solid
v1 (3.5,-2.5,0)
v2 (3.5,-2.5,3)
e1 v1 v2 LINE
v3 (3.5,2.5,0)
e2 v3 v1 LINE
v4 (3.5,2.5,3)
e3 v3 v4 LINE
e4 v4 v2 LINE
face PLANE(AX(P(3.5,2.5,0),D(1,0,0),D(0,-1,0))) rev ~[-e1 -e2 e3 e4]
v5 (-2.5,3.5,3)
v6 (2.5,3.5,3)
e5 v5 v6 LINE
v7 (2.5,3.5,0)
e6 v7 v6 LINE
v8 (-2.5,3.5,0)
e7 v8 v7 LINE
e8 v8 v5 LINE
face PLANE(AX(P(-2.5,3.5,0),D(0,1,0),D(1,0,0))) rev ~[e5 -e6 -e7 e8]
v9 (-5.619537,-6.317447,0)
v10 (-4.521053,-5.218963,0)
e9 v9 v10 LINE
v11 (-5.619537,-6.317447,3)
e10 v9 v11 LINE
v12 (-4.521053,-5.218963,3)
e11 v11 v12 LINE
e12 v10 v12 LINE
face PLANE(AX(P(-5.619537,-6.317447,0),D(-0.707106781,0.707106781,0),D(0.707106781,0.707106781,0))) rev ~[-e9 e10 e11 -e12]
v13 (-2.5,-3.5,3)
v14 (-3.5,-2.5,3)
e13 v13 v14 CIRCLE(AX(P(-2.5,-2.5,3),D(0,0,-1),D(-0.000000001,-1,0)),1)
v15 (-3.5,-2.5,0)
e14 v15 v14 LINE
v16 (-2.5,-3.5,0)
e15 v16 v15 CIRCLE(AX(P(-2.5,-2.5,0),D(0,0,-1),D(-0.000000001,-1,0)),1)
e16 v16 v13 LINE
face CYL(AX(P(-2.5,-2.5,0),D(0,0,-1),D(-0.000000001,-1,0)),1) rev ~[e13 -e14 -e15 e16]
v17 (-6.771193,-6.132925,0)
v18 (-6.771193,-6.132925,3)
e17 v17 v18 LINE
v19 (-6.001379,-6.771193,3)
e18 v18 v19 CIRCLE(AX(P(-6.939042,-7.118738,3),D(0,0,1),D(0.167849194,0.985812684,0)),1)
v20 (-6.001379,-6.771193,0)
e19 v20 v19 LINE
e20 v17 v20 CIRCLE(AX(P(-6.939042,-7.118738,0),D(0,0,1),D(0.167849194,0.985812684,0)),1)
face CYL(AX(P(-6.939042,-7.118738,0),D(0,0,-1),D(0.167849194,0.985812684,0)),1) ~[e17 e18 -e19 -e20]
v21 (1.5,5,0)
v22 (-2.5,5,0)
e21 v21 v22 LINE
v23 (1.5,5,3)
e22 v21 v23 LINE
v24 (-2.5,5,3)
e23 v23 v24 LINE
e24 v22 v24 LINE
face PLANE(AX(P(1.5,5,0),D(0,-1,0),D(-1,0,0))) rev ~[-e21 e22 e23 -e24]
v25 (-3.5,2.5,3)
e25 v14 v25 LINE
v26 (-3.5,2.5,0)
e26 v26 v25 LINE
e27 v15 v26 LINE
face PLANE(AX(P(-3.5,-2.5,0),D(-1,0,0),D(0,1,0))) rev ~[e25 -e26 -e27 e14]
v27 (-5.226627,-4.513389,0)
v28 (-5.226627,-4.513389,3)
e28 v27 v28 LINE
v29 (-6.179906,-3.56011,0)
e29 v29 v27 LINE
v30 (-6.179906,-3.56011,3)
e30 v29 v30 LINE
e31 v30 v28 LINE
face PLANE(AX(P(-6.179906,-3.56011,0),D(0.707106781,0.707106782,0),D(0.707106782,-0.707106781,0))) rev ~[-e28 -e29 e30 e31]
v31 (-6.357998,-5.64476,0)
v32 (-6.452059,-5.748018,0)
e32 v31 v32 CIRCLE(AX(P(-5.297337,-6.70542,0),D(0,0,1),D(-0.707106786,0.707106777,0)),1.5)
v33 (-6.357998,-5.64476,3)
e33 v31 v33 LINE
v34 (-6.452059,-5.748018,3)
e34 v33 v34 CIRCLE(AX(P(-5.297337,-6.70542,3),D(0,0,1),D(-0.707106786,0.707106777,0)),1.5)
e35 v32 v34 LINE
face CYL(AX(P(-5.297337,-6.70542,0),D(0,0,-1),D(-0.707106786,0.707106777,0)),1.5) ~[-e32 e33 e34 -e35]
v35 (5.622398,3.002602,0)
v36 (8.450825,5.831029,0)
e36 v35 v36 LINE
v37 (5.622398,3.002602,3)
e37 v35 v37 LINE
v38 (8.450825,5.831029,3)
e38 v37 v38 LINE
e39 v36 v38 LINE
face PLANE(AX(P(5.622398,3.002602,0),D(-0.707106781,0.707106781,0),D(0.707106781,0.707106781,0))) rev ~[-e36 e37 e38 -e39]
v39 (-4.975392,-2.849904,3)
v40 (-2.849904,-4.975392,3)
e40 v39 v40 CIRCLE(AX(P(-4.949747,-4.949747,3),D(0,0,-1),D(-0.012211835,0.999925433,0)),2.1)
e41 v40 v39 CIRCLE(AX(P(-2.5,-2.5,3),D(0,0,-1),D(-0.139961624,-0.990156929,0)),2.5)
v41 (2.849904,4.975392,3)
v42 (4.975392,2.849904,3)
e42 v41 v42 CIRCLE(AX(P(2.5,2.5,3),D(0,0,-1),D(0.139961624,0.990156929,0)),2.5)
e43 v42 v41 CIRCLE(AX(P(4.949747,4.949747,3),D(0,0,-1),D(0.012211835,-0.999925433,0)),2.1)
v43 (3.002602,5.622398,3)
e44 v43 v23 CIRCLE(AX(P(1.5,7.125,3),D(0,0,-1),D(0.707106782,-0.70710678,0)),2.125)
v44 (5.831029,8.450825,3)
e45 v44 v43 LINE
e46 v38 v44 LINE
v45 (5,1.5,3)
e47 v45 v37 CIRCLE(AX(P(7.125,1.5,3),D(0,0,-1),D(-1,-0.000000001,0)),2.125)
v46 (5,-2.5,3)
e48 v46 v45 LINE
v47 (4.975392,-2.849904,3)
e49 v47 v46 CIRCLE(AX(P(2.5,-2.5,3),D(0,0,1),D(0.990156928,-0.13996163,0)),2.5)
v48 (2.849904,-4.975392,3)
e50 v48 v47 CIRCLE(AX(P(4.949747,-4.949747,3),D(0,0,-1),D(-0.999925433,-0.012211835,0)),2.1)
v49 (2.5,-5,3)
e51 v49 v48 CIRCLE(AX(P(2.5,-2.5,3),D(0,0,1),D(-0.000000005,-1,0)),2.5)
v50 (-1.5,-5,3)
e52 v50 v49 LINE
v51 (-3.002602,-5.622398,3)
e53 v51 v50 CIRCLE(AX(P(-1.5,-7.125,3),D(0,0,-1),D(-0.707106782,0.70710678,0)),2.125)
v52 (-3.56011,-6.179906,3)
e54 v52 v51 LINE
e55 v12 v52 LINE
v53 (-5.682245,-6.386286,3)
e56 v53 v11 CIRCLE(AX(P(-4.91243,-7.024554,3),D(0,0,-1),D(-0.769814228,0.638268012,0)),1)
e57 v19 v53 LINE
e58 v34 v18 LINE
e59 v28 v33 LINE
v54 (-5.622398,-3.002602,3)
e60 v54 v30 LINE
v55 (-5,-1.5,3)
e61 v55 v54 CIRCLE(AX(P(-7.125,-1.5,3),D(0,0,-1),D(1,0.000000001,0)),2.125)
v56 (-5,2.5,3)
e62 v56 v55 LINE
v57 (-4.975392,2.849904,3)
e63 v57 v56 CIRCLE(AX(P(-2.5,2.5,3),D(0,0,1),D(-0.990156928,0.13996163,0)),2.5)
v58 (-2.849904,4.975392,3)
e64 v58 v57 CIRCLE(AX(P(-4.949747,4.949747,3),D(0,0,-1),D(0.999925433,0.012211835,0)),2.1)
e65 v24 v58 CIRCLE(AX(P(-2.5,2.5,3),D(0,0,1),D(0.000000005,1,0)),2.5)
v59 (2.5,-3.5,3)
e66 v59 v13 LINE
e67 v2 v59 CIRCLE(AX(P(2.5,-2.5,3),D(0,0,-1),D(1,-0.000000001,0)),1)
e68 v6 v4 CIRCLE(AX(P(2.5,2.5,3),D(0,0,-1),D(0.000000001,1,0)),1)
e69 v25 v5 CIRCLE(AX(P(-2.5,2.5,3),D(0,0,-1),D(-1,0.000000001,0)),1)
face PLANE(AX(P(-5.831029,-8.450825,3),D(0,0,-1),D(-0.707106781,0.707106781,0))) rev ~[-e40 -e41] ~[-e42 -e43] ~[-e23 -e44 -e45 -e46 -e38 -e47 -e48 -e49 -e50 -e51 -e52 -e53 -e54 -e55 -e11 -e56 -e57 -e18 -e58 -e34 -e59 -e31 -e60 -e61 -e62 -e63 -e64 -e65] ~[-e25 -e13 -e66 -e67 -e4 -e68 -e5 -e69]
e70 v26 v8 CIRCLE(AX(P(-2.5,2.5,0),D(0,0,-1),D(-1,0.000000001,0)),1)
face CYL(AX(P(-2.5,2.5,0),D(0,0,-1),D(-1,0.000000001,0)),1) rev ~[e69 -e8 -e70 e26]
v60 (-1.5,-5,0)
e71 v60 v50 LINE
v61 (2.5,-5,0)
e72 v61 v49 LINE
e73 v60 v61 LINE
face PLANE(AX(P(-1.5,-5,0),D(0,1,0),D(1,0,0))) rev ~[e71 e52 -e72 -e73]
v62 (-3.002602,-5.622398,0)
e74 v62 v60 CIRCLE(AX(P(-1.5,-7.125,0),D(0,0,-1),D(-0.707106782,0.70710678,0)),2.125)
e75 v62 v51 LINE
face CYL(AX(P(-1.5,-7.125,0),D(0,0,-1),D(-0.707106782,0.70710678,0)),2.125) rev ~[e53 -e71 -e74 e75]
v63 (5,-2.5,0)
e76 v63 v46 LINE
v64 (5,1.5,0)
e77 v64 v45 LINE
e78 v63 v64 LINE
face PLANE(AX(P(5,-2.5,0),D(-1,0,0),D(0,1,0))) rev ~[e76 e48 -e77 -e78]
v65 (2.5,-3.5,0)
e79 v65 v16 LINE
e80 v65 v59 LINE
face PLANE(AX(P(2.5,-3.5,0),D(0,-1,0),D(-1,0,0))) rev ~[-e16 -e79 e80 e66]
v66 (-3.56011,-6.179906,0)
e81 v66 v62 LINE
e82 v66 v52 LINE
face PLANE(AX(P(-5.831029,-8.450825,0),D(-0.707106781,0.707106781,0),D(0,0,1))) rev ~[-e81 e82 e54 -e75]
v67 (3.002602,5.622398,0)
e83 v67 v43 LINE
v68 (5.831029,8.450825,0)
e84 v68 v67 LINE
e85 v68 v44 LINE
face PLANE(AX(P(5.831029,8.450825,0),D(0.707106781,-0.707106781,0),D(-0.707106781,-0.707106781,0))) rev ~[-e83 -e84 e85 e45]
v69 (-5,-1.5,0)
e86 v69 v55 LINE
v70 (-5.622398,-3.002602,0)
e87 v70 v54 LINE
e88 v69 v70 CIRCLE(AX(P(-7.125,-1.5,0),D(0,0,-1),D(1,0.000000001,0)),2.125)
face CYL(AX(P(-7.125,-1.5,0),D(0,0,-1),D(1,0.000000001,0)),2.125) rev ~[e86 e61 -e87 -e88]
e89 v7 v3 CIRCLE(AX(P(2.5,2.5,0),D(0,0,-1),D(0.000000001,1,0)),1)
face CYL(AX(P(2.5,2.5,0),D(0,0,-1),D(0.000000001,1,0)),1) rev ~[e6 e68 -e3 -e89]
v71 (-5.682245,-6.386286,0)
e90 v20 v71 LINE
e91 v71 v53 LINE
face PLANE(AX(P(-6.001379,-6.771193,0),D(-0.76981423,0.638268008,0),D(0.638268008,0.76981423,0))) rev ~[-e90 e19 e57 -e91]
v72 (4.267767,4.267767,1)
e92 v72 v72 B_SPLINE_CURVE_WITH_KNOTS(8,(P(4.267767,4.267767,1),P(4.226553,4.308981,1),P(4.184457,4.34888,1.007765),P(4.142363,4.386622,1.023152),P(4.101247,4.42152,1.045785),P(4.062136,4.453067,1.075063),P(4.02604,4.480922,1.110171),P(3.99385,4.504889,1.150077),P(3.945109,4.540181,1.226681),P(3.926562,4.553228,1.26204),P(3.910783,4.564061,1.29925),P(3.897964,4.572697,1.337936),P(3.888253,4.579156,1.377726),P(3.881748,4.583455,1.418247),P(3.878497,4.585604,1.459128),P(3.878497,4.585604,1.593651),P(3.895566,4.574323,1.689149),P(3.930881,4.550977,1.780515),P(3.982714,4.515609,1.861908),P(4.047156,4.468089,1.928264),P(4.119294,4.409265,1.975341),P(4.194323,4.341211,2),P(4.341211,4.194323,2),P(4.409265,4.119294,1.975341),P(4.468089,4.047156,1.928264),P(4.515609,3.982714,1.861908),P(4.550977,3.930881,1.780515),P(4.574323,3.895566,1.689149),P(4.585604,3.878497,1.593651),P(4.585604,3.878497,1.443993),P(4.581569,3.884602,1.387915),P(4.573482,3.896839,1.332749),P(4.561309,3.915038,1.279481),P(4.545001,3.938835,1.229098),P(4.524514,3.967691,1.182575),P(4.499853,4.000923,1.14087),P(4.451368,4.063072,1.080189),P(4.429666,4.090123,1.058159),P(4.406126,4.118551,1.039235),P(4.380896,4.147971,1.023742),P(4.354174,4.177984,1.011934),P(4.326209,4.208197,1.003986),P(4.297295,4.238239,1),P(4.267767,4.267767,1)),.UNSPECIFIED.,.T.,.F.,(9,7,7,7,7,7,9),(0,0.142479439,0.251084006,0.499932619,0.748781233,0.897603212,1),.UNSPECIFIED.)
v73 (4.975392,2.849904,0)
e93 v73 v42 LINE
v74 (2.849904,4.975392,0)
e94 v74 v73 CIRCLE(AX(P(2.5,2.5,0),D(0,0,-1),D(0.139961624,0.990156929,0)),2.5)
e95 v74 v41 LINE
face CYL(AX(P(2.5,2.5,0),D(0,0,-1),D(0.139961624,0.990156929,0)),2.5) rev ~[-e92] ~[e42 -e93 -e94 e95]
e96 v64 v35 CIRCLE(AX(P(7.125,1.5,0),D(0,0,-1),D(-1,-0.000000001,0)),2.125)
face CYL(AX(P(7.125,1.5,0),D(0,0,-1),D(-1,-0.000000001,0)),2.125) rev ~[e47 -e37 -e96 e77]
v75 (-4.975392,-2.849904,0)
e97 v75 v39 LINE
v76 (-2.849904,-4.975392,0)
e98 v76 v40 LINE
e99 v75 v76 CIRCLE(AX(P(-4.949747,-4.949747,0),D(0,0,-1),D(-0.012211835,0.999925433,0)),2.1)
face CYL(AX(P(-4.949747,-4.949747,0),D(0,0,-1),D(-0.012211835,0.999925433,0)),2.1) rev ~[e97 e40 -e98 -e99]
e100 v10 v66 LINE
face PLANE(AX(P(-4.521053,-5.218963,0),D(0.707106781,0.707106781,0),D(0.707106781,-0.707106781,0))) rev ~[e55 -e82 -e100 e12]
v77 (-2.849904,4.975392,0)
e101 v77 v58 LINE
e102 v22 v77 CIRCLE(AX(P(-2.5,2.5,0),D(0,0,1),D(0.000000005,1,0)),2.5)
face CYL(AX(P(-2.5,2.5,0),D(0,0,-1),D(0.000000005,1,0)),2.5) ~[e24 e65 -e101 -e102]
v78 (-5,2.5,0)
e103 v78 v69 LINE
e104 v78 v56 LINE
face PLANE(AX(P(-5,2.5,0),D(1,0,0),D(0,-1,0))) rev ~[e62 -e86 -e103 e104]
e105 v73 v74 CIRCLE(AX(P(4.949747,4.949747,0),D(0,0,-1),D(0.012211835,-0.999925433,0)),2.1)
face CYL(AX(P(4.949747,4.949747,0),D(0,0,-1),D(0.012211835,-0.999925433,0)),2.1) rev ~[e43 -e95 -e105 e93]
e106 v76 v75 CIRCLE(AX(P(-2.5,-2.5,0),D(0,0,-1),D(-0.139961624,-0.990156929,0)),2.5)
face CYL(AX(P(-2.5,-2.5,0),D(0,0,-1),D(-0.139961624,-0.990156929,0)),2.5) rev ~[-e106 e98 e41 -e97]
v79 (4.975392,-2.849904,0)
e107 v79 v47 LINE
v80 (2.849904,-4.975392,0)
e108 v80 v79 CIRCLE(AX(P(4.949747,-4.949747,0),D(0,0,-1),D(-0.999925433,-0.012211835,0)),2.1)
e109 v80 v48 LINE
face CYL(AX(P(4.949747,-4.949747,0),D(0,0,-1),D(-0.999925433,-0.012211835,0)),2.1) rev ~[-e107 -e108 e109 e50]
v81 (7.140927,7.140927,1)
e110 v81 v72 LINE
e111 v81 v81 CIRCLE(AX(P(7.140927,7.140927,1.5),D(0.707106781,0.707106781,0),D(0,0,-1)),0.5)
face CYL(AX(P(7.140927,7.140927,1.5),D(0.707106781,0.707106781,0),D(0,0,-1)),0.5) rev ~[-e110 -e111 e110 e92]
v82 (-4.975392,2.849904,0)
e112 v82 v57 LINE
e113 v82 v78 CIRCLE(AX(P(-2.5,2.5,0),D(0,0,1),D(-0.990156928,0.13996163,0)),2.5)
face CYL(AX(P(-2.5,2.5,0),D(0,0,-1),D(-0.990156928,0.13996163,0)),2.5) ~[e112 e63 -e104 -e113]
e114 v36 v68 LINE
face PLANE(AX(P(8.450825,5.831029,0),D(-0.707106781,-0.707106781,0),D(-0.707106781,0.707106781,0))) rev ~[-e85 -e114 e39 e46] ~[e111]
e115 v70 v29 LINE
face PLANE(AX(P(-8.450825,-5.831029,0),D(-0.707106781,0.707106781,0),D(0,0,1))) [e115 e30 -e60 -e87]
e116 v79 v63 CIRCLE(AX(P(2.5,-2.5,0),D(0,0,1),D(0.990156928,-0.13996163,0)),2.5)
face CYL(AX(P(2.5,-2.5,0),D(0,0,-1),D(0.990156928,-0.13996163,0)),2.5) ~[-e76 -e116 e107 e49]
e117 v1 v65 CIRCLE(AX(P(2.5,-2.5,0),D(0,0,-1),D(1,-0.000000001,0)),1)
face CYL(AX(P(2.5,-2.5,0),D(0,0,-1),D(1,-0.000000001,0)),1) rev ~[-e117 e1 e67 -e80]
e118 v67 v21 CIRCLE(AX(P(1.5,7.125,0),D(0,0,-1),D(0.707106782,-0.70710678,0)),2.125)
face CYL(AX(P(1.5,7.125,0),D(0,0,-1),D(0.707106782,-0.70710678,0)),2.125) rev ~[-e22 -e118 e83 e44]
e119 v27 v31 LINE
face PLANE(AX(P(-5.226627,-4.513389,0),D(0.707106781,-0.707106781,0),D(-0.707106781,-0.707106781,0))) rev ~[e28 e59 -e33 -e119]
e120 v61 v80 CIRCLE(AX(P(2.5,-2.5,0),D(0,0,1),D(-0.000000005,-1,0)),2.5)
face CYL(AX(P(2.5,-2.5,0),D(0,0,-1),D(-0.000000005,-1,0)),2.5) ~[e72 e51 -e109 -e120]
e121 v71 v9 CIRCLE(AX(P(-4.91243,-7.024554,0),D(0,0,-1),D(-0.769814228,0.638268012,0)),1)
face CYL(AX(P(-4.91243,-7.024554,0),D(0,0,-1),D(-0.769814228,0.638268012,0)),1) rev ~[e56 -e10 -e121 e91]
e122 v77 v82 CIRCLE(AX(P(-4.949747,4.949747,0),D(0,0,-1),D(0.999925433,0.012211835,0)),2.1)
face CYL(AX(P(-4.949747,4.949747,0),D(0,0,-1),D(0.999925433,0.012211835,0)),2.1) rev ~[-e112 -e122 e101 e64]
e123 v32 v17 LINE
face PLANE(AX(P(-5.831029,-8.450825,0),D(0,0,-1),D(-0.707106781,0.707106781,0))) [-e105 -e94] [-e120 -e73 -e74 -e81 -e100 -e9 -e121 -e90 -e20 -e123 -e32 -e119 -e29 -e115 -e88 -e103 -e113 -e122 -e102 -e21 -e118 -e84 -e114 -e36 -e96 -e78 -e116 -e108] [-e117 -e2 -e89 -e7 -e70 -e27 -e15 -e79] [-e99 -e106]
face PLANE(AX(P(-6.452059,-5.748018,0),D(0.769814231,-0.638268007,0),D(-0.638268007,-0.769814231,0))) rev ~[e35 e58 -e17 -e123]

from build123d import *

# Parameters (mm, degrees)
EXTRUDE_1_DEPTH     = 3
SKETCH_4_W          = 3
SKETCH_4_H          = 3.704951288
EXTRUDE_3_DEPTH     = 1
CUT_EXTRUDE_2_REACH = 25.244
SKETCH_6_R          = 0.5
CUT_EXTRUDE_3_DEPTH = 3


with BuildPart() as part:
    # 草图1 → 凸台-拉伸1 (new body)
    with BuildSketch(Plane.XY):
        with BuildLine():
            ThreePointArc((-4.975392322, 2.84990406), (-4.993840493, 2.675384142), (-5, 2.5))
            Line((-5, 2.5), (-5, -1.5))
            ThreePointArc((-5, -1.5), (-5.161755993, -2.313202294), (-5.62239809, -3.00260191))
            Line((-5.62239809, -3.00260191), (-8.450825215, -5.831029035))
            Line((-8.450825215, -5.831029035), (-5.831029035, -8.450825215))
            Line((-5.831029035, -8.450825215), (-3.00260191, -5.62239809))
            ThreePointArc((-3.00260191, -5.62239809), (-2.313202294, -5.161755993), (-1.5, -5))
            Line((-1.5, -5), (2.5, -5))
            ThreePointArc((2.5, -5), (2.675384142, -4.993840493), (2.84990406, -4.975392322))
            ThreePointArc((2.84990406, -4.975392322), (3.464823228, -3.464823228), (4.975392322, -2.84990406))
            ThreePointArc((4.975392322, -2.84990406), (4.993840493, -2.675384142), (5, -2.5))
            Line((5, -2.5), (5, 1.5))
            ThreePointArc((5, 1.5), (5.161755993, 2.313202294), (5.62239809, 3.00260191))
            Line((5.62239809, 3.00260191), (8.450825215, 5.831029035))
            Line((8.450825215, 5.831029035), (5.831029035, 8.450825215))
            Line((5.831029035, 8.450825215), (3.00260191, 5.62239809))
            ThreePointArc((3.00260191, 5.62239809), (2.313202294, 5.161755993), (1.5, 5))
            Line((1.5, 5), (-2.5, 5))
            ThreePointArc((-2.5, 5), (-2.675384142, 4.993840493), (-2.84990406, 4.975392322))
            ThreePointArc((-2.84990406, 4.975392322), (-3.464823228, 3.464823228), (-4.975392322, 2.84990406))
        make_face()
        with BuildLine():
            ThreePointArc((4.975392322, 2.84990406), (3.464823228, 3.464823228), (2.84990406, 4.975392322))
            ThreePointArc((2.84990406, 4.975392322), (4.267766953, 4.267766953), (4.975392322, 2.84990406))
        make_face(mode=Mode.SUBTRACT)
        with BuildLine():
            ThreePointArc((-4.975392322, -2.84990406), (-3.464823228, -3.464823228), (-2.84990406, -4.975392322))
            ThreePointArc((-2.84990406, -4.975392322), (-4.267766953, -4.267766953), (-4.975392322, -2.84990406))
        make_face(mode=Mode.SUBTRACT)
        with BuildLine():
            ThreePointArc((-3.5, 2.5), (-3.207106781, 3.207106781), (-2.5, 3.5))
            Line((-2.5, 3.5), (2.5, 3.5))
            ThreePointArc((2.5, 3.5), (3.207106781, 3.207106781), (3.5, 2.5))
            Line((3.5, 2.5), (3.5, -2.5))
            ThreePointArc((3.5, -2.5), (3.207106781, -3.207106781), (2.5, -3.5))
            Line((2.5, -3.5), (-2.5, -3.5))
            ThreePointArc((-2.5, -3.5), (-3.207106781, -3.207106781), (-3.5, -2.5))
            Line((-3.5, -2.5), (-3.5, 2.5))
        make_face(mode=Mode.SUBTRACT)
    extrude(amount=EXTRUDE_1_DEPTH)

    # 草图4 → 凸台-拉伸3 (add)
    with BuildSketch(Plane(origin=(-7.140927125, -7.140927125, 0), x_dir=(0, 0, 1), z_dir=(-0.7071067811865472, -0.7071067811865479, 0))):
        with Locations((1.5, 0)):
            Rectangle(SKETCH_4_W, SKETCH_4_H)
    extrude(amount=EXTRUDE_3_DEPTH)

    # 草图6 → 切除-拉伸2 (cut, up to next)
    with BuildSketch(Plane(origin=(7.140927125, 7.140927125, 0), x_dir=(0, 0, -1), z_dir=(0.7071067811865476, 0.7071067811865476, 0)), mode=Mode.PRIVATE) as cut_extrude_2_sk1:
        with Locations((-1.5, 0)):
            Circle(SKETCH_6_R)
    cut_extrude_2_tool1 = extrude(cut_extrude_2_sk1.sketch, amount=-CUT_EXTRUDE_2_REACH, mode=Mode.PRIVATE) & part.part
    add(cut_extrude_2_tool1.solids().sort_by_distance((7.140927, 7.140927, 1.5))[0], mode=Mode.SUBTRACT)

    # 草图7 → 切除-拉伸3 (cut)
    with BuildSketch(Plane(origin=(0, 0, 0), x_dir=(-1, 0, 0), z_dir=(0, 0, -1))):
        with BuildLine():
            Line((6.001378676, -6.771192907), (5.682244672, -6.386285792))
            ThreePointArc((5.682244672, -6.386285792), (5.65169265, -6.351136109), (5.619537223, -6.317447019))
            Line((5.619537223, -6.317447019), (4.521052929, -5.218962725))
            Line((4.521052929, -5.218962725), (3.560109737, -6.179905917))
            Line((3.560109737, -6.179905917), (6.538135816, -9.157931996))
            Line((6.538135816, -9.157931996), (9.157931996, -6.538135816))
            Line((9.157931996, -6.538135816), (6.179905917, -3.560109737))
            Line((6.179905917, -3.560109737), (5.226626879, -4.513388774))
            Line((5.226626879, -4.513388774), (6.357997729, -5.644759624))
            ThreePointArc((6.357997729, -5.644759624), (6.40623087, -5.695293259), (6.452058903, -5.748017783))
            Line((6.452058903, -5.748017783), (6.771192907, -6.132924899))
            ThreePointArc((6.771192907, -6.132924899), (7.57731011, -7.888551813), (6.001378676, -6.771192907))
        make_face()
    extrude(amount=-CUT_EXTRUDE_3_DEPTH, mode=Mode.SUBTRACT)


solid = part.part
